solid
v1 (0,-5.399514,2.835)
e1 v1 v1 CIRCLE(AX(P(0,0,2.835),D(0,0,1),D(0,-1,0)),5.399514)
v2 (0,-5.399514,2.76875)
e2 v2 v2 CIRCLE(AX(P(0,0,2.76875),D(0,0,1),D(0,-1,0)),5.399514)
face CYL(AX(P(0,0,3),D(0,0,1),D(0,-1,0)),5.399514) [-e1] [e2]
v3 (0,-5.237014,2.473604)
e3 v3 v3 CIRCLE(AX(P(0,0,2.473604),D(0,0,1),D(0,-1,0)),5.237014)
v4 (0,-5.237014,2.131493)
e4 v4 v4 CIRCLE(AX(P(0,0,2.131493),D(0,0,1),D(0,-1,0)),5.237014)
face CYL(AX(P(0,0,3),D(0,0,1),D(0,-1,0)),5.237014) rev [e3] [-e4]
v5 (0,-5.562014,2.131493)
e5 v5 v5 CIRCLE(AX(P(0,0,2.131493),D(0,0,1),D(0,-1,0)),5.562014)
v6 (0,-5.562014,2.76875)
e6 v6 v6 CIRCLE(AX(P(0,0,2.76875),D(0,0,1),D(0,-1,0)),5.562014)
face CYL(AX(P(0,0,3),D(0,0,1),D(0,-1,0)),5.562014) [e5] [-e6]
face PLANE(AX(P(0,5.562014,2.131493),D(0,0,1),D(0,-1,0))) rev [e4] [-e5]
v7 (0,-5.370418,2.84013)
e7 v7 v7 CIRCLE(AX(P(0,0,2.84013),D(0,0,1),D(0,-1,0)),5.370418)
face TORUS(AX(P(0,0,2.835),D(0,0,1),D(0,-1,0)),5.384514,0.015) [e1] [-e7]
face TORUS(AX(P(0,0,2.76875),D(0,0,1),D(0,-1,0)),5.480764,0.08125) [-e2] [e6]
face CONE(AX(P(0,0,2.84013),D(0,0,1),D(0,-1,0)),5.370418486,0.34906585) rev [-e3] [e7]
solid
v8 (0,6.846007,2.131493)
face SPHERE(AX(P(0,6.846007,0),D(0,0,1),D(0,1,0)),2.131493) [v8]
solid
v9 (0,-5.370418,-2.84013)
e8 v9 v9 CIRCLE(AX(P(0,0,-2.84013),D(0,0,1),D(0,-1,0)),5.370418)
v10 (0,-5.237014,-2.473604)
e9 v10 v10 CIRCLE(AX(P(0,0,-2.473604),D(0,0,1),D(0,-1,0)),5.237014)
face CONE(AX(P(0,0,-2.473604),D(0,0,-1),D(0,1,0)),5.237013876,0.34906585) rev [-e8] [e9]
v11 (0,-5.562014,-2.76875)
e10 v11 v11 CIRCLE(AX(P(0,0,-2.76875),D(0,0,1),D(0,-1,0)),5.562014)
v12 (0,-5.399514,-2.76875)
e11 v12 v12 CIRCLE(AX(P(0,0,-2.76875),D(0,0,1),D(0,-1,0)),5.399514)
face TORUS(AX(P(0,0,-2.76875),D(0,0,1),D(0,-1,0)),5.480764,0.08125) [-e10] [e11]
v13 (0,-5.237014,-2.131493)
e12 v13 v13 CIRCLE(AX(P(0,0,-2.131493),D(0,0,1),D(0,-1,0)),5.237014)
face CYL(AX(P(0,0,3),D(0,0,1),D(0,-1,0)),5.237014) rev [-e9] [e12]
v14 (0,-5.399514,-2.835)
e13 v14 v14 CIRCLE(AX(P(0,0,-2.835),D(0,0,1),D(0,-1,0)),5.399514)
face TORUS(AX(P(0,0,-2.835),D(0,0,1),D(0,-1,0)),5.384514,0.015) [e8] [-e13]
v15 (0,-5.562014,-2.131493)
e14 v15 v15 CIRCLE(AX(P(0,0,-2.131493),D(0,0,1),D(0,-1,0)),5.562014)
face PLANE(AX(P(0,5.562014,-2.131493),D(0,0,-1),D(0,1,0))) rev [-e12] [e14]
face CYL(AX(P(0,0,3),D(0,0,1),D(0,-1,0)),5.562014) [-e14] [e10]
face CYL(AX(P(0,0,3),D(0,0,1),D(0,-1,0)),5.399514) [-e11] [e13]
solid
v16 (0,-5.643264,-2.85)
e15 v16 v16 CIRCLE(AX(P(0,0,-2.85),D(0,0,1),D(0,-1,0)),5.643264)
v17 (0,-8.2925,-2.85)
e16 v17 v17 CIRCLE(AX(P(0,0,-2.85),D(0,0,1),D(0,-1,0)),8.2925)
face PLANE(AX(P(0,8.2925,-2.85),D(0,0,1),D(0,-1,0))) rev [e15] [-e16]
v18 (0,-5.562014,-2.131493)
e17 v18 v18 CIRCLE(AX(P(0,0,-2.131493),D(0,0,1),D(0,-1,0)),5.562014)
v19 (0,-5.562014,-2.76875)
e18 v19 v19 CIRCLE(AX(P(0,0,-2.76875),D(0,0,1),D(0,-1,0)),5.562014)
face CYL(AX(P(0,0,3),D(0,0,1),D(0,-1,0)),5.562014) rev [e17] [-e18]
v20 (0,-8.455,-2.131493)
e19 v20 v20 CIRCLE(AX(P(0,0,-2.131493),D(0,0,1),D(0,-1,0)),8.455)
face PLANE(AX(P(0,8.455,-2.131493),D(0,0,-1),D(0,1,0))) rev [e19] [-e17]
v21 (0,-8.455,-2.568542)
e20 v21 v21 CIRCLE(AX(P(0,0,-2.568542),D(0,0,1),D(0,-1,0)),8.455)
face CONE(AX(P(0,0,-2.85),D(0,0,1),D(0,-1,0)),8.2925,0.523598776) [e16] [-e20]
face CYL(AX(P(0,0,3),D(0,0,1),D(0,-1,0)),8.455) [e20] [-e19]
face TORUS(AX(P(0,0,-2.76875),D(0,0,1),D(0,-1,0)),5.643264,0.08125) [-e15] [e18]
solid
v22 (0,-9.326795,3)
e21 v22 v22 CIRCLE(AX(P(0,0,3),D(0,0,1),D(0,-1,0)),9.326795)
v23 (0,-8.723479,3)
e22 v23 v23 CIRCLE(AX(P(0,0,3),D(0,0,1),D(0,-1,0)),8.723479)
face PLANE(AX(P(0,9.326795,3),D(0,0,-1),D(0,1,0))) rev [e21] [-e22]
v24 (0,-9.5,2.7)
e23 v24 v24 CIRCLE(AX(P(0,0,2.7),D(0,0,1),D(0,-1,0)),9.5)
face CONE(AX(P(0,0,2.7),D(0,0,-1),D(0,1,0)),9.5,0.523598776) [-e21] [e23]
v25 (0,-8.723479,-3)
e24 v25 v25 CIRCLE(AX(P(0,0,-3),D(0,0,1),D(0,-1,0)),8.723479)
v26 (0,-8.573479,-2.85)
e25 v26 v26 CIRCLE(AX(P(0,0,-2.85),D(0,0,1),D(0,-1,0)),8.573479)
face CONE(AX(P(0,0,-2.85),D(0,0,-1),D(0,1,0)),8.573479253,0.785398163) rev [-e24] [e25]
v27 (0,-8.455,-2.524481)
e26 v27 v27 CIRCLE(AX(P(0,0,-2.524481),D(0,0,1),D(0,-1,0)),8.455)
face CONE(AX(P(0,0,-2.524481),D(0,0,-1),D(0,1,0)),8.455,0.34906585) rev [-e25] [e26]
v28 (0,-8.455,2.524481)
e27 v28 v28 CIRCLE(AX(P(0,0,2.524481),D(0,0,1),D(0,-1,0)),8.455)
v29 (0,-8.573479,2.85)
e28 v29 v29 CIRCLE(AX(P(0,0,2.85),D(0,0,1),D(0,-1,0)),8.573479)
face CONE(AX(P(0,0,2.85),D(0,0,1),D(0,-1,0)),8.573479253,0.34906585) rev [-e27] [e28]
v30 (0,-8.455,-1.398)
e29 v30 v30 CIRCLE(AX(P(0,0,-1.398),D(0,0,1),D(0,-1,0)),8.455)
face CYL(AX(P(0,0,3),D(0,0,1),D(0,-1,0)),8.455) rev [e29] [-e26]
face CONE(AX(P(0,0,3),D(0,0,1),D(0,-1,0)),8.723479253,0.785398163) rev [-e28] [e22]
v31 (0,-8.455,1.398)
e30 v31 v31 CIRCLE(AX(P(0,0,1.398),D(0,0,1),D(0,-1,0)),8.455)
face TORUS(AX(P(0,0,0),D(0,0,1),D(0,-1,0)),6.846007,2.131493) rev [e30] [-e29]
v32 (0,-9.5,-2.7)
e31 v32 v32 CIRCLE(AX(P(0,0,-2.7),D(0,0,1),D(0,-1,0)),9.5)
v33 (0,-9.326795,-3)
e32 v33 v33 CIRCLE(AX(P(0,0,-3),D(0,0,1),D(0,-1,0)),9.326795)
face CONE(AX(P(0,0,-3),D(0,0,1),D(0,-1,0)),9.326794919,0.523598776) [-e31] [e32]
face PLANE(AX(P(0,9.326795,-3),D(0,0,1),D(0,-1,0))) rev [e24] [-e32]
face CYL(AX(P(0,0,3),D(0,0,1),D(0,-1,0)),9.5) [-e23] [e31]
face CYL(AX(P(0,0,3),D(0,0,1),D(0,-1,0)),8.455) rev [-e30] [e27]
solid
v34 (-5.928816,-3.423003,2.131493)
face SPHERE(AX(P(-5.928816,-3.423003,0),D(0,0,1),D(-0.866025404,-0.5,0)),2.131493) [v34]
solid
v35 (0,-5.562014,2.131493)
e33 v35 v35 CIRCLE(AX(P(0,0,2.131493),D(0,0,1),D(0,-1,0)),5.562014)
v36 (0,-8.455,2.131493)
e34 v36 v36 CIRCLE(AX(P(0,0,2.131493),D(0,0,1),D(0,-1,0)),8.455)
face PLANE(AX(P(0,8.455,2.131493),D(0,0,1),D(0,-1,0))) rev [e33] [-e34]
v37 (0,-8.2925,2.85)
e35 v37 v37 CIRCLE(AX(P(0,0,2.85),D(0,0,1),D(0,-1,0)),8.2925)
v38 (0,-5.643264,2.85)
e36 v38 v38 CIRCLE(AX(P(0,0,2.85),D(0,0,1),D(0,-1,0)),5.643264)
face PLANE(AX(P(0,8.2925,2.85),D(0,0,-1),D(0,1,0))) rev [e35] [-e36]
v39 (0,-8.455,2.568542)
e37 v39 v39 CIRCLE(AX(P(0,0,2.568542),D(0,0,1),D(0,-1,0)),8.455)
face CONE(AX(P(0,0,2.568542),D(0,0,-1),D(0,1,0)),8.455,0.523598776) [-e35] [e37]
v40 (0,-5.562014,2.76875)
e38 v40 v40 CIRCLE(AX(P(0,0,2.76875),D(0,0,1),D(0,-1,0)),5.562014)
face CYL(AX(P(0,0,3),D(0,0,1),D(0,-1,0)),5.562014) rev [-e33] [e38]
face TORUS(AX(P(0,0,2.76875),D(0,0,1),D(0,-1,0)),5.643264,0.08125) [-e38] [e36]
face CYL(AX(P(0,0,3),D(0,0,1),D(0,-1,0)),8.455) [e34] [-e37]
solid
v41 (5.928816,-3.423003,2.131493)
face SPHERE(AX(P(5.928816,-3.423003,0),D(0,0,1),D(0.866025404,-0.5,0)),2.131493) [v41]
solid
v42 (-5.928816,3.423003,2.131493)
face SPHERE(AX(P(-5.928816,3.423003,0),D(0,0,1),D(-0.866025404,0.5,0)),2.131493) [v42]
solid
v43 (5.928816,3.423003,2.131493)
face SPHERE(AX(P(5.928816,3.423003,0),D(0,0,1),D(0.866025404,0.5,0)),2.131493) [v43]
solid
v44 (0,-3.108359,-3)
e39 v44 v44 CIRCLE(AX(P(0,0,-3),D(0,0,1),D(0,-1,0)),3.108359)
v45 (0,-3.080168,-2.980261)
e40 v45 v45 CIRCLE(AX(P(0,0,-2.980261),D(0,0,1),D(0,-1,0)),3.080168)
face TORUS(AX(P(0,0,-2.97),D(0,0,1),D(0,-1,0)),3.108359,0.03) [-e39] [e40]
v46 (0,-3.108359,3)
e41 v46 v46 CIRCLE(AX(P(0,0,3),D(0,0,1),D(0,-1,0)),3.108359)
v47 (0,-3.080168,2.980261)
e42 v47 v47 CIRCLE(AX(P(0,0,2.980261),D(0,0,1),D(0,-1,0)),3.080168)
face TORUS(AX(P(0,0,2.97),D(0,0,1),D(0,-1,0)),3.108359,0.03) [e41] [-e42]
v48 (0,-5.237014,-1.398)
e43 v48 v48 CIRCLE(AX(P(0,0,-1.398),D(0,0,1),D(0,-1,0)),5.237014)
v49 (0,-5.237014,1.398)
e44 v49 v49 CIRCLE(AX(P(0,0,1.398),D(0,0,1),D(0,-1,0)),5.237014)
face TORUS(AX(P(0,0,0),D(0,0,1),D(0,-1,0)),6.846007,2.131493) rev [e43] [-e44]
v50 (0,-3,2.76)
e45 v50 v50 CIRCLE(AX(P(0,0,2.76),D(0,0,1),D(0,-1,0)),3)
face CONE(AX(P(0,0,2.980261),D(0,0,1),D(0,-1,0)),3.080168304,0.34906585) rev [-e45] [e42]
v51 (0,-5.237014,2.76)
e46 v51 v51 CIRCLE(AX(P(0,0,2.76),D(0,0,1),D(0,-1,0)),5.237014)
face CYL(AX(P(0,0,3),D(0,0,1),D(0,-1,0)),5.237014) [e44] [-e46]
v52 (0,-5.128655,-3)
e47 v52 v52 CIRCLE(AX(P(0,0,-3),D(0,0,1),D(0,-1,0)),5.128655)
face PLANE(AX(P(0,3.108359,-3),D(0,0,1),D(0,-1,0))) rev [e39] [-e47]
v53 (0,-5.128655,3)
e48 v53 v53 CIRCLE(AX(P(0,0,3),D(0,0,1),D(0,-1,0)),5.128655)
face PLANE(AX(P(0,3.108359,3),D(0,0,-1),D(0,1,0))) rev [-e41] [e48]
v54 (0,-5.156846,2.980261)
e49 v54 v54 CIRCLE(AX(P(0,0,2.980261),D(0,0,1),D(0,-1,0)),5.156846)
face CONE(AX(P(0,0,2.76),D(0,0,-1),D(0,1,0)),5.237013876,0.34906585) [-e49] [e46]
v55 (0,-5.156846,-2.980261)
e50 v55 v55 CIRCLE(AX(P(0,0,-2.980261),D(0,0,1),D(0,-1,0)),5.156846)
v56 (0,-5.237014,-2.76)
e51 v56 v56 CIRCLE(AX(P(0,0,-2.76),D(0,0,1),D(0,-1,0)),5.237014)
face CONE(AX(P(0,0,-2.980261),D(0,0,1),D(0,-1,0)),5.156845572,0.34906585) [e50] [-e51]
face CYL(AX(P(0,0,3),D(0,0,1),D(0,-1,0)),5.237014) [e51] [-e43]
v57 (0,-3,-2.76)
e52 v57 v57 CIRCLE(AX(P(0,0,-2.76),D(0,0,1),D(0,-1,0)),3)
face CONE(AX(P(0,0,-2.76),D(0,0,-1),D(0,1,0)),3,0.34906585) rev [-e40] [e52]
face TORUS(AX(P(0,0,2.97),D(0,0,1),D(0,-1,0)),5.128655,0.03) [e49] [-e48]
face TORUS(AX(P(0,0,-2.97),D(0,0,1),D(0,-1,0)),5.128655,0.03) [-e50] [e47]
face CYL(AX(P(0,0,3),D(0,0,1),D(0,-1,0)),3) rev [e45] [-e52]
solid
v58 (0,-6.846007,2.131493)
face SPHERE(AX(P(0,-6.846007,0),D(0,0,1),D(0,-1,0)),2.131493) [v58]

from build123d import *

# Parameters (mm, degrees)
CIRPATTERN1_COUNT = 6


with BuildPart() as part:
    # Sketch3 → Revolve1 (revolve)
    with BuildSketch(Plane(origin=(0, 0, 0), x_dir=(0, 0, -1), z_dir=(1, 0, 0)), mode=Mode.PRIVATE) as revolve1_sk:
        with BuildLine():
            Line((-2.524480927, 8.455), (-2.85, 8.573479253))
            Line((-2.85, 8.573479253), (-3, 8.723479253))
            Line((-3, 8.723479253), (-3, 9.326794919))
            Line((-3, 9.326794919), (-2.7, 9.5))
            Line((-2.7, 9.5), (2.7, 9.5))
            Line((2.7, 9.5), (3, 9.326794919))
            Line((3, 9.326794919), (3, 8.723479253))
            Line((3, 8.723479253), (2.85, 8.573479253))
            Line((2.85, 8.573479253), (2.524480927, 8.455))
            Line((2.524480927, 8.455), (1.398, 8.455))
            ThreePointArc((1.398, 8.455), (0, 8.9775), (-1.398, 8.455))
            Line((-1.398, 8.455), (-2.524480927, 8.455))
        make_face()
    revolve(revolve1_sk.sketch.rotate(Axis((0, 0, 3), (0, 0, -1)), 180), axis=Axis((0, 0, 3), (0, 0, -1)))


with BuildPart() as body_2:
    # Sketch4 → Revolve2 (revolve)
    with BuildSketch(Plane(origin=(0, 0, 0), x_dir=(0, 0, -1), z_dir=(1, 0, 0)), mode=Mode.PRIVATE) as revolve2_sk:
        with BuildLine():
            Line((-2.76, 3), (-2.980260604, 3.080168304))
            ThreePointArc((-2.980260604, 3.080168304), (-2.994574561, 3.091151789), (-3, 3.108359082))
            Line((-3, 3.108359082), (-3, 5.128654793))
            ThreePointArc((-3, 5.128654793), (-2.994574561, 5.145862086), (-2.980260604, 5.156845572))
            Line((-2.980260604, 5.156845572), (-2.76, 5.237013876))
            Line((-2.76, 5.237013876), (-1.398, 5.237013876))
            ThreePointArc((-1.398, 5.237013876), (0, 4.714513876), (1.398, 5.237013876))
            Line((1.398, 5.237013876), (2.76, 5.237013876))
            Line((2.76, 5.237013876), (2.980260604, 5.156845572))
            ThreePointArc((2.980260604, 5.156845572), (2.994574561, 5.145862086), (3, 5.128654793))
            Line((3, 5.128654793), (3, 3.108359082))
            ThreePointArc((3, 3.108359082), (2.994574561, 3.091151789), (2.980260604, 3.080168304))
            Line((2.980260604, 3.080168304), (2.76, 3))
            Line((2.76, 3), (-2.76, 3))
        make_face()
    revolve(revolve2_sk.sketch.rotate(Axis((0, 0, 3), (0, 0, -1)), 180), axis=Axis((0, 0, 3), (0, 0, -1)))


with BuildPart() as body_3:
    # Sketch5 → Revolve3 (revolve)
    with BuildSketch(Plane(origin=(0, 0, 0), x_dir=(0, 0, -1), z_dir=(1, 0, 0))):
        with BuildLine():
            Line((-2.131493062, 6.846006938), (2.131493062, 6.846006938))
            ThreePointArc((2.131493062, 6.846006938), (0, 8.9775), (-2.131493062, 6.846006938))
        make_face()
    revolve(axis=Axis((0, 6.846006938, 2.131493062), (0, 0, -1)))


with BuildPart() as cirpattern1_1:
    # CirPattern1: pattern copy
    add(body_3.part.rotate(Axis((0, 0, 0), (0, 0, 1)), 1 * 360 / CIRPATTERN1_COUNT))


with BuildPart() as cirpattern1_2:
    # CirPattern1: pattern copy
    add(body_3.part.rotate(Axis((0, 0, 0), (0, 0, 1)), 2 * 360 / CIRPATTERN1_COUNT))


with BuildPart() as cirpattern1_3:
    # CirPattern1: pattern copy
    add(body_3.part.rotate(Axis((0, 0, 0), (0, 0, 1)), 3 * 360 / CIRPATTERN1_COUNT))


with BuildPart() as cirpattern1_4:
    # CirPattern1: pattern copy
    add(body_3.part.rotate(Axis((0, 0, 0), (0, 0, 1)), 4 * 360 / CIRPATTERN1_COUNT))


with BuildPart() as cirpattern1_5:
    # CirPattern1: pattern copy
    add(body_3.part.rotate(Axis((0, 0, 0), (0, 0, 1)), 5 * 360 / CIRPATTERN1_COUNT))


with BuildPart() as body_9:
    # Sketch6 → Revolve4 (revolve)
    with BuildSketch(Plane(origin=(0, 0, 0), x_dir=(0, 0, -1), z_dir=(1, 0, 0)), mode=Mode.PRIVATE) as revolve4_sk:
        with BuildLine():
            Line((-2.568541744, 8.455), (-2.131493062, 8.455))
            Line((-2.131493062, 8.455), (-2.131493062, 5.562013876))
            Line((-2.131493062, 5.562013876), (-2.76875, 5.562013876))
            ThreePointArc((-2.76875, 5.562013876), (-2.826202426, 5.58581145), (-2.85, 5.643263876))
            Line((-2.85, 5.643263876), (-2.85, 8.2925))
            Line((-2.85, 8.2925), (-2.568541744, 8.455))
        make_face()
        with BuildLine():
            Line((2.76875, 5.562013876), (2.131493062, 5.562013876))
            Line((2.131493062, 5.562013876), (2.131493062, 8.455))
            Line((2.131493062, 8.455), (2.568541744, 8.455))
            Line((2.568541744, 8.455), (2.85, 8.2925))
            Line((2.85, 8.2925), (2.85, 5.643263876))
            ThreePointArc((2.85, 5.643263876), (2.826202426, 5.58581145), (2.76875, 5.562013876))
        make_face()
    revolve(revolve4_sk.sketch.rotate(Axis((0, 0, 3), (0, 0, -1)), 180), axis=Axis((0, 0, 3), (0, 0, -1)))


with BuildPart() as body_10:
    # Sketch7 → Revolve5 (revolve)
    with BuildSketch(Plane(origin=(0, 0, 0), x_dir=(0, 0, -1), z_dir=(1, 0, 0)), mode=Mode.PRIVATE) as revolve5_sk:
        with BuildLine():
            Line((-2.131493062, 5.237013876), (-2.473604147, 5.237013876))
            Line((-2.473604147, 5.237013876), (-2.840130302, 5.370418486))
            ThreePointArc((-2.840130302, 5.370418486), (-2.849772116, 5.387118598), (-2.835, 5.399513876))
            Line((-2.835, 5.399513876), (-2.76875, 5.399513876))
            ThreePointArc((-2.76875, 5.399513876), (-2.85, 5.480763876), (-2.76875, 5.562013876))
            Line((-2.76875, 5.562013876), (-2.131493062, 5.562013876))
            Line((-2.131493062, 5.562013876), (-2.131493062, 5.237013876))
        make_face()
        with BuildLine():
            Line((2.131493062, 5.562013876), (2.131493062, 5.237013876))
            Line((2.131493062, 5.237013876), (2.473604147, 5.237013876))
            Line((2.473604147, 5.237013876), (2.840130302, 5.370418486))
            ThreePointArc((2.840130302, 5.370418486), (2.849772116, 5.387118598), (2.835, 5.399513876))
            Line((2.835, 5.399513876), (2.76875, 5.399513876))
            ThreePointArc((2.76875, 5.399513876), (2.85, 5.480763876), (2.76875, 5.562013876))
            Line((2.76875, 5.562013876), (2.131493062, 5.562013876))
        make_face()
    revolve(revolve5_sk.sketch.rotate(Axis((0, 0, 3), (0, 0, -1)), 180), axis=Axis((0, 0, 3), (0, 0, -1)))


solid = Compound([part.part, body_2.part, body_3.part, cirpattern1_1.part, cirpattern1_2.part, cirpattern1_3.part, cirpattern1_4.part, cirpattern1_5.part, body_9.part, body_10.part])
